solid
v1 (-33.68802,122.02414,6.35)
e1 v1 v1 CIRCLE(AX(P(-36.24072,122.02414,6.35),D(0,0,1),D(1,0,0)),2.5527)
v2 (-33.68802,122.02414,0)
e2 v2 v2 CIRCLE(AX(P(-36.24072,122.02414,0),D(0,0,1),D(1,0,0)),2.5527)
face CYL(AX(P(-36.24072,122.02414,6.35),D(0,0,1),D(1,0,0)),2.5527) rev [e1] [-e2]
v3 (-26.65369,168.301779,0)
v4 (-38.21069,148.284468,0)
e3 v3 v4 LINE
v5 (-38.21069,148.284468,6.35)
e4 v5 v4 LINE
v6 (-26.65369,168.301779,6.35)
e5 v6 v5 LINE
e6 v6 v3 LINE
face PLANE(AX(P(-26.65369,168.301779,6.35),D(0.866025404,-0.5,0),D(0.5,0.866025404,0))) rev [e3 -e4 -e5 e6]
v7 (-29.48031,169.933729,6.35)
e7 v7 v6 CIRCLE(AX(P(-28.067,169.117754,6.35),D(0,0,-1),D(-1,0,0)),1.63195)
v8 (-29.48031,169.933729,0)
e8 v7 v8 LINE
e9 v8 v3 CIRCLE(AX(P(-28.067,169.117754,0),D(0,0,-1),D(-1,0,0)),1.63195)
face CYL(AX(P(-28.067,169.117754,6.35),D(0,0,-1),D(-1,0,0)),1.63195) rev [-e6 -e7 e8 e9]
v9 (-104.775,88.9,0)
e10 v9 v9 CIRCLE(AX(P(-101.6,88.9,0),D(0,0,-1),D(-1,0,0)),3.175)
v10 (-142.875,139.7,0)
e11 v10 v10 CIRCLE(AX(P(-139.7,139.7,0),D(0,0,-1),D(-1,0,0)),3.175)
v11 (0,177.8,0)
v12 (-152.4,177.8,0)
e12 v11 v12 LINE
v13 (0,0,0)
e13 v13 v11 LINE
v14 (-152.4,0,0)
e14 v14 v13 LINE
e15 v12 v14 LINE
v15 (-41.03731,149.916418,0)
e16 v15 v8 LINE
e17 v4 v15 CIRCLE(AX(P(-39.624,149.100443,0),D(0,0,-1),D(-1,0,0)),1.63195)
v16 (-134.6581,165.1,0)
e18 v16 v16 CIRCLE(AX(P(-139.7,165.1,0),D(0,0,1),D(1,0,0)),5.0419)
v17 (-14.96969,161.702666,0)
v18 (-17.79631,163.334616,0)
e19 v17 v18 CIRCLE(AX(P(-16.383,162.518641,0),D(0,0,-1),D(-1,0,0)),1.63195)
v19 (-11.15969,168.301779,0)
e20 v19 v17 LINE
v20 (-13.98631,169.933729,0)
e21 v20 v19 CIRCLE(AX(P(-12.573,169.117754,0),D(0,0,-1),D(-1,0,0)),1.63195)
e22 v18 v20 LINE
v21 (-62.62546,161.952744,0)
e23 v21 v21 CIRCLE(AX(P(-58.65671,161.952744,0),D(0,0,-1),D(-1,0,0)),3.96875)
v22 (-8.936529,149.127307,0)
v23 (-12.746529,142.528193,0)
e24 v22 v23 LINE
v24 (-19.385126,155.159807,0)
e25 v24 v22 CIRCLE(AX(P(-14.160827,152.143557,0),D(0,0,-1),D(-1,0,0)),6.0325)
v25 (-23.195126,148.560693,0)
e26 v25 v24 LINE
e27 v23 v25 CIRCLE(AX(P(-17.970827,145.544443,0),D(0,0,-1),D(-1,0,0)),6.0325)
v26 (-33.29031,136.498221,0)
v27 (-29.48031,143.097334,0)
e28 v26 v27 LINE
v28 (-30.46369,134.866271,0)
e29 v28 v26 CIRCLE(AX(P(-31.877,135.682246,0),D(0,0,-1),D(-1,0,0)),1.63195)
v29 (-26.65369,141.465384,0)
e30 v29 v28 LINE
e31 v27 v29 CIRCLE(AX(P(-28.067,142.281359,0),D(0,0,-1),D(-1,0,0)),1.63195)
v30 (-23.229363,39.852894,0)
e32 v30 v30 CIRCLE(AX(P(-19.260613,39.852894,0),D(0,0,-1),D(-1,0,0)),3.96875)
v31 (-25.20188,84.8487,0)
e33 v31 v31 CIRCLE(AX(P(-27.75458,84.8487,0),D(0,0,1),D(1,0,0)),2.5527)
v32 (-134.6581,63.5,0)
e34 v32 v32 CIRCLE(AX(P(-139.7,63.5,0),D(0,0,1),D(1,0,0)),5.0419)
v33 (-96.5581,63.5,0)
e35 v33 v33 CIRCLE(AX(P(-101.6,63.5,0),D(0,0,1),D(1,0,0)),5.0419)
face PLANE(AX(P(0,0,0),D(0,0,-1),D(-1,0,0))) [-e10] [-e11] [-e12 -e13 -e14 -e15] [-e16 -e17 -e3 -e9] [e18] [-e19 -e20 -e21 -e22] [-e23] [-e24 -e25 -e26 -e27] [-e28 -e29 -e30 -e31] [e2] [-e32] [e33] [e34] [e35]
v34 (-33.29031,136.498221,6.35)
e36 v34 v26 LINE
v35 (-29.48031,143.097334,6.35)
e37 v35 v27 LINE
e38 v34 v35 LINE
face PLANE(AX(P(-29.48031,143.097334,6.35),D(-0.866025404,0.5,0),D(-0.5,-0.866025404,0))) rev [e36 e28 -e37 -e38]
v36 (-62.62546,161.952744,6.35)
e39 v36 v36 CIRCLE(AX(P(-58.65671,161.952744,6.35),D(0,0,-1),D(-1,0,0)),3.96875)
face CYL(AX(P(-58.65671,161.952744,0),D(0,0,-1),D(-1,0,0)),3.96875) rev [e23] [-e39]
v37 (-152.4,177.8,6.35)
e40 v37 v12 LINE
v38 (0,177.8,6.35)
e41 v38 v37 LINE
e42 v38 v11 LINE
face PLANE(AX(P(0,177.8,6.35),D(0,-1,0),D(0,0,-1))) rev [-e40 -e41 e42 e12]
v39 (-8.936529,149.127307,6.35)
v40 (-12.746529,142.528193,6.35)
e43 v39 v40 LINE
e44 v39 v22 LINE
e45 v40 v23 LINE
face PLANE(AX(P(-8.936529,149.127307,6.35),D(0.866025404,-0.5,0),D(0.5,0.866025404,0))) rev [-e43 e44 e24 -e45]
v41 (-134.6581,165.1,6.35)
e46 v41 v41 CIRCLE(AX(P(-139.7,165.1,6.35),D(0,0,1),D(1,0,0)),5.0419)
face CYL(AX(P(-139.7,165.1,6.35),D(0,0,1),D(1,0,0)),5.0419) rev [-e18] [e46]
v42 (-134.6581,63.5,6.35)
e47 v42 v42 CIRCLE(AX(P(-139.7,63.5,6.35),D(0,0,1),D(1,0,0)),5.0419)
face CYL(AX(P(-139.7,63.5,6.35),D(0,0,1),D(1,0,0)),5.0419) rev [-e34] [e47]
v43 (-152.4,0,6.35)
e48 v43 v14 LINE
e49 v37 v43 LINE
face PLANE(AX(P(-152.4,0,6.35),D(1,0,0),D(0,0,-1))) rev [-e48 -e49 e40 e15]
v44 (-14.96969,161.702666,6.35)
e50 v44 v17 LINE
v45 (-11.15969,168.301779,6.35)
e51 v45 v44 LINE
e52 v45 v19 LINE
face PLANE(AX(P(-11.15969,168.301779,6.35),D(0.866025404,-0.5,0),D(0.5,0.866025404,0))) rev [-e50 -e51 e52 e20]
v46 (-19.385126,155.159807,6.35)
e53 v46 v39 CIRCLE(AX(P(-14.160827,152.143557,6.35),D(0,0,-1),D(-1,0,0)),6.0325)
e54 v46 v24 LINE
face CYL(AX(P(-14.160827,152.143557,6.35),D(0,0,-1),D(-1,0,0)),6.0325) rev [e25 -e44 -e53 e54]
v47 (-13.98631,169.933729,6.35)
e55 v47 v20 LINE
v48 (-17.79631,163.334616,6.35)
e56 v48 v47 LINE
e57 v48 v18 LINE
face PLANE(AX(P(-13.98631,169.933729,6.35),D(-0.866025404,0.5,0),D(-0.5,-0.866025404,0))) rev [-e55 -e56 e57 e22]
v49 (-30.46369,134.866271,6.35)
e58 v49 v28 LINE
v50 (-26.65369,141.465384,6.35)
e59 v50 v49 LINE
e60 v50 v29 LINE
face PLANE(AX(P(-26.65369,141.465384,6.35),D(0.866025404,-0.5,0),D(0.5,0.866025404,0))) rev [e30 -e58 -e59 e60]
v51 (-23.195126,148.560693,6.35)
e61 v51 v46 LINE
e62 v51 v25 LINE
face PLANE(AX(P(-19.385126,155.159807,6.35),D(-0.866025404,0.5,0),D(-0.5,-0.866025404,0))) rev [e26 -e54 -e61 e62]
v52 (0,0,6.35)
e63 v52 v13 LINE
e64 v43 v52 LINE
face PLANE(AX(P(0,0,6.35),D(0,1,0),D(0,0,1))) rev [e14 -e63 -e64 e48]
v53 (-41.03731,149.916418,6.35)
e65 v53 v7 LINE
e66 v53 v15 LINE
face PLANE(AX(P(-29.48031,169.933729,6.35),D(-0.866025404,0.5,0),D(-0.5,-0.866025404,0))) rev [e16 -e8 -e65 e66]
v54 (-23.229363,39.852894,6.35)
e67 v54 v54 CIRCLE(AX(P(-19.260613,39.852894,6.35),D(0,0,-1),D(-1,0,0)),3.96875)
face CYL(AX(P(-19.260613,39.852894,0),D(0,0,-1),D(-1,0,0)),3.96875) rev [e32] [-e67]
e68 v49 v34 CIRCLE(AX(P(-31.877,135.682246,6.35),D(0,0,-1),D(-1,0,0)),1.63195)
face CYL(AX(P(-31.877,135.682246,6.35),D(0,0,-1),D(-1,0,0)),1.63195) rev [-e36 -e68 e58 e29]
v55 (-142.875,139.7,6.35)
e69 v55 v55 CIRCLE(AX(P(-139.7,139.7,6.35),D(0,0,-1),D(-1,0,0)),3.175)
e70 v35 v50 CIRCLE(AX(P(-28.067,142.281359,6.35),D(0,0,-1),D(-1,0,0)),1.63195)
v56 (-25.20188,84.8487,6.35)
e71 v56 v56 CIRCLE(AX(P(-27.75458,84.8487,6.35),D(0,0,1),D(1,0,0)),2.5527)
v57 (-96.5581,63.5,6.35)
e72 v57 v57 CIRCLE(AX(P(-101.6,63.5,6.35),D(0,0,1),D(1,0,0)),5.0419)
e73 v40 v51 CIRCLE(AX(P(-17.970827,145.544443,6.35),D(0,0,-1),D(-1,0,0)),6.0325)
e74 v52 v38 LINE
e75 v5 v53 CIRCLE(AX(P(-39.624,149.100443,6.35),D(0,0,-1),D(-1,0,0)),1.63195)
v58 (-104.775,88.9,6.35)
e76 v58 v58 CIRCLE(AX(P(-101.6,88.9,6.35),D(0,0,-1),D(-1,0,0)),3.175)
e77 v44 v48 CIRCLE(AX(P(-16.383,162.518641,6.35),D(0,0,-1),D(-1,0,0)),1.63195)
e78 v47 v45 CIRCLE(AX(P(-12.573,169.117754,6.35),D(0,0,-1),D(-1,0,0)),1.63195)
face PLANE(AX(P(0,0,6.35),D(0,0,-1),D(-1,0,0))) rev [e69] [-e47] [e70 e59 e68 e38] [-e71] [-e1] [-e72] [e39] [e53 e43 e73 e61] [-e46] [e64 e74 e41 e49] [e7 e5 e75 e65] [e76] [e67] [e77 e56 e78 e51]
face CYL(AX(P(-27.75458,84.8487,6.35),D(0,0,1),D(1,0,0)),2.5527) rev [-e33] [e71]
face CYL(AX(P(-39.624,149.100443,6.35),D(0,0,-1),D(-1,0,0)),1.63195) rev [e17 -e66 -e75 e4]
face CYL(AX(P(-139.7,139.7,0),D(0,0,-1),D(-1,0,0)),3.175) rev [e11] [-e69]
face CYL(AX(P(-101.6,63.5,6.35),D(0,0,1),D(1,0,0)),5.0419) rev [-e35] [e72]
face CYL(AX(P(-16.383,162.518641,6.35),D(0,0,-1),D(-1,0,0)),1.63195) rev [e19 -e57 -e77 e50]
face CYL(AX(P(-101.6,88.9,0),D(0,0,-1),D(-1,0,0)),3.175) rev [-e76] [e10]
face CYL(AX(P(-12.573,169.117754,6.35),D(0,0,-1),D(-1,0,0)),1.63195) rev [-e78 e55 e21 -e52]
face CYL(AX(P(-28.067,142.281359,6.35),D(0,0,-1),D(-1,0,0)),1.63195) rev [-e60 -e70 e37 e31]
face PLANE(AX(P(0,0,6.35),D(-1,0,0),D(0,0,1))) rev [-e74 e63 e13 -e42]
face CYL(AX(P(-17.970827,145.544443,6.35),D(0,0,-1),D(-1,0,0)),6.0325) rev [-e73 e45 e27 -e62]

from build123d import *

# Parameters (mm, degrees)
SKETCH2_W                   = 177.8
SKETCH2_H                   = 152.4
BOSS_EXTRUDE1_DEPTH         = 6.35
F_3_8_CLEARANCE_HOLE1_D     = 10.0838
TAP_DRILL_FOR_1_4_20_TAP1_D = 5.1054
TAP_DRILL_FOR_3_8_16_TAP3_D = 7.9375
F_1_4_0_25_DIAMETER_HOLE1_D = 6.35
CUT_EXTRUDE2_DEPTH          = 235.26250767
CUT_EXTRUDE3_DEPTH          = 235.26250767


with BuildPart() as part:
    # Sketch2 → Boss-Extrude1 (new body)
    with BuildSketch(Plane(origin=(0, 0, 0), x_dir=(0, 1, 0), z_dir=(0, 0, 1))):
        with Locations((88.9, 76.2)):
            Rectangle(SKETCH2_W, SKETCH2_H)
    extrude(amount=BOSS_EXTRUDE1_DEPTH)

    # 3/8 Clearance Hole1 (through all)
    with Locations(Plane.XY.offset(6.35)):
        with Locations((-101.6, 63.5), (-139.7, 63.5), (-139.7, 165.1)):
            Hole(F_3_8_CLEARANCE_HOLE1_D / 2)

    # Tap Drill for 1/4-20 Tap1 (through all)
    with Locations(Plane.XY.offset(6.35)):
        with Locations((-27.75458, 84.8487), (-36.24072, 122.02414)):
            Hole(TAP_DRILL_FOR_1_4_20_TAP1_D / 2)

    # Tap Drill for 3/8-16 Tap3 (through all)
    with Locations(Plane(origin=(0, 0, 0), x_dir=(1, 0, 0), z_dir=(0, 0, -1))):
        with Locations((-58.656709878, -161.952743754), (-19.260612718, -39.85289442)):
            Hole(TAP_DRILL_FOR_3_8_16_TAP3_D / 2)

    # 1/4 (0.25) Diameter Hole1 (through all)
    with Locations(Plane(origin=(0, 0, 0), x_dir=(1, 0, 0), z_dir=(0, 0, -1))):
        with Locations((-101.6, -88.9), (-139.7, -139.7)):
            Hole(F_1_4_0_25_DIAMETER_HOLE1_D / 2)

    # Sketch22 → Cut-Extrude2 (cut, through all)
    with BuildSketch(Plane(origin=(0, 0, 0), x_dir=(1, 0, 0), z_dir=(0, 0, -1))):
        with BuildLine():
            Line((-29.480310158, -143.097334182), (-33.290310158, -136.498220605))
            ThreePointArc((-33.290310158, -136.498220605), (-32.692975, -134.268935448), (-30.463689842, -134.866270605))
            Line((-30.463689842, -134.866270605), (-26.653689842, -141.465384182))
            ThreePointArc((-26.653689842, -141.465384182), (-27.251025, -143.69466934), (-29.480310158, -143.097334182))
        make_face()
        with BuildLine():
            Line((-29.480310158, -169.933729395), (-41.037310158, -149.916418212))
            ThreePointArc((-41.037310158, -149.916418212), (-40.439975, -147.687133054), (-38.210689842, -148.284468212))
            Line((-38.210689842, -148.284468212), (-26.653689842, -168.301779395))
            ThreePointArc((-26.653689842, -168.301779395), (-27.251025, -170.531064552), (-29.480310158, -169.933729395))
        make_face()
        with BuildLine():
            Line((-13.986310158, -169.933729395), (-17.796310158, -163.334615818))
            ThreePointArc((-17.796310158, -163.334615818), (-17.198975, -161.10533066), (-14.969689842, -161.702665818))
            Line((-14.969689842, -161.702665818), (-11.159689842, -168.301779395))
            ThreePointArc((-11.159689842, -168.301779395), (-11.757025, -170.531064552), (-13.986310158, -169.933729395))
        make_face()
    extrude(amount=-CUT_EXTRUDE2_DEPTH, mode=Mode.SUBTRACT)

    # Sketch20 → Cut-Extrude3 (cut, through all)
    with BuildSketch(Plane(origin=(0, 0, 0), x_dir=(1, 0, 0), z_dir=(0, 0, -1))):
        with BuildLine():
            Line((-19.385125577, -155.159806788), (-23.195125577, -148.560693212))
            ThreePointArc((-23.195125577, -148.560693212), (-20.987077328, -140.320144963), (-12.74652908, -142.528193212))
            Line((-12.74652908, -142.528193212), (-8.93652908, -149.127306788))
            ThreePointArc((-8.93652908, -149.127306788), (-11.144577328, -157.367855037), (-19.385125577, -155.159806788))
        make_face()
    extrude(amount=-CUT_EXTRUDE3_DEPTH, mode=Mode.SUBTRACT)


solid = part.part
